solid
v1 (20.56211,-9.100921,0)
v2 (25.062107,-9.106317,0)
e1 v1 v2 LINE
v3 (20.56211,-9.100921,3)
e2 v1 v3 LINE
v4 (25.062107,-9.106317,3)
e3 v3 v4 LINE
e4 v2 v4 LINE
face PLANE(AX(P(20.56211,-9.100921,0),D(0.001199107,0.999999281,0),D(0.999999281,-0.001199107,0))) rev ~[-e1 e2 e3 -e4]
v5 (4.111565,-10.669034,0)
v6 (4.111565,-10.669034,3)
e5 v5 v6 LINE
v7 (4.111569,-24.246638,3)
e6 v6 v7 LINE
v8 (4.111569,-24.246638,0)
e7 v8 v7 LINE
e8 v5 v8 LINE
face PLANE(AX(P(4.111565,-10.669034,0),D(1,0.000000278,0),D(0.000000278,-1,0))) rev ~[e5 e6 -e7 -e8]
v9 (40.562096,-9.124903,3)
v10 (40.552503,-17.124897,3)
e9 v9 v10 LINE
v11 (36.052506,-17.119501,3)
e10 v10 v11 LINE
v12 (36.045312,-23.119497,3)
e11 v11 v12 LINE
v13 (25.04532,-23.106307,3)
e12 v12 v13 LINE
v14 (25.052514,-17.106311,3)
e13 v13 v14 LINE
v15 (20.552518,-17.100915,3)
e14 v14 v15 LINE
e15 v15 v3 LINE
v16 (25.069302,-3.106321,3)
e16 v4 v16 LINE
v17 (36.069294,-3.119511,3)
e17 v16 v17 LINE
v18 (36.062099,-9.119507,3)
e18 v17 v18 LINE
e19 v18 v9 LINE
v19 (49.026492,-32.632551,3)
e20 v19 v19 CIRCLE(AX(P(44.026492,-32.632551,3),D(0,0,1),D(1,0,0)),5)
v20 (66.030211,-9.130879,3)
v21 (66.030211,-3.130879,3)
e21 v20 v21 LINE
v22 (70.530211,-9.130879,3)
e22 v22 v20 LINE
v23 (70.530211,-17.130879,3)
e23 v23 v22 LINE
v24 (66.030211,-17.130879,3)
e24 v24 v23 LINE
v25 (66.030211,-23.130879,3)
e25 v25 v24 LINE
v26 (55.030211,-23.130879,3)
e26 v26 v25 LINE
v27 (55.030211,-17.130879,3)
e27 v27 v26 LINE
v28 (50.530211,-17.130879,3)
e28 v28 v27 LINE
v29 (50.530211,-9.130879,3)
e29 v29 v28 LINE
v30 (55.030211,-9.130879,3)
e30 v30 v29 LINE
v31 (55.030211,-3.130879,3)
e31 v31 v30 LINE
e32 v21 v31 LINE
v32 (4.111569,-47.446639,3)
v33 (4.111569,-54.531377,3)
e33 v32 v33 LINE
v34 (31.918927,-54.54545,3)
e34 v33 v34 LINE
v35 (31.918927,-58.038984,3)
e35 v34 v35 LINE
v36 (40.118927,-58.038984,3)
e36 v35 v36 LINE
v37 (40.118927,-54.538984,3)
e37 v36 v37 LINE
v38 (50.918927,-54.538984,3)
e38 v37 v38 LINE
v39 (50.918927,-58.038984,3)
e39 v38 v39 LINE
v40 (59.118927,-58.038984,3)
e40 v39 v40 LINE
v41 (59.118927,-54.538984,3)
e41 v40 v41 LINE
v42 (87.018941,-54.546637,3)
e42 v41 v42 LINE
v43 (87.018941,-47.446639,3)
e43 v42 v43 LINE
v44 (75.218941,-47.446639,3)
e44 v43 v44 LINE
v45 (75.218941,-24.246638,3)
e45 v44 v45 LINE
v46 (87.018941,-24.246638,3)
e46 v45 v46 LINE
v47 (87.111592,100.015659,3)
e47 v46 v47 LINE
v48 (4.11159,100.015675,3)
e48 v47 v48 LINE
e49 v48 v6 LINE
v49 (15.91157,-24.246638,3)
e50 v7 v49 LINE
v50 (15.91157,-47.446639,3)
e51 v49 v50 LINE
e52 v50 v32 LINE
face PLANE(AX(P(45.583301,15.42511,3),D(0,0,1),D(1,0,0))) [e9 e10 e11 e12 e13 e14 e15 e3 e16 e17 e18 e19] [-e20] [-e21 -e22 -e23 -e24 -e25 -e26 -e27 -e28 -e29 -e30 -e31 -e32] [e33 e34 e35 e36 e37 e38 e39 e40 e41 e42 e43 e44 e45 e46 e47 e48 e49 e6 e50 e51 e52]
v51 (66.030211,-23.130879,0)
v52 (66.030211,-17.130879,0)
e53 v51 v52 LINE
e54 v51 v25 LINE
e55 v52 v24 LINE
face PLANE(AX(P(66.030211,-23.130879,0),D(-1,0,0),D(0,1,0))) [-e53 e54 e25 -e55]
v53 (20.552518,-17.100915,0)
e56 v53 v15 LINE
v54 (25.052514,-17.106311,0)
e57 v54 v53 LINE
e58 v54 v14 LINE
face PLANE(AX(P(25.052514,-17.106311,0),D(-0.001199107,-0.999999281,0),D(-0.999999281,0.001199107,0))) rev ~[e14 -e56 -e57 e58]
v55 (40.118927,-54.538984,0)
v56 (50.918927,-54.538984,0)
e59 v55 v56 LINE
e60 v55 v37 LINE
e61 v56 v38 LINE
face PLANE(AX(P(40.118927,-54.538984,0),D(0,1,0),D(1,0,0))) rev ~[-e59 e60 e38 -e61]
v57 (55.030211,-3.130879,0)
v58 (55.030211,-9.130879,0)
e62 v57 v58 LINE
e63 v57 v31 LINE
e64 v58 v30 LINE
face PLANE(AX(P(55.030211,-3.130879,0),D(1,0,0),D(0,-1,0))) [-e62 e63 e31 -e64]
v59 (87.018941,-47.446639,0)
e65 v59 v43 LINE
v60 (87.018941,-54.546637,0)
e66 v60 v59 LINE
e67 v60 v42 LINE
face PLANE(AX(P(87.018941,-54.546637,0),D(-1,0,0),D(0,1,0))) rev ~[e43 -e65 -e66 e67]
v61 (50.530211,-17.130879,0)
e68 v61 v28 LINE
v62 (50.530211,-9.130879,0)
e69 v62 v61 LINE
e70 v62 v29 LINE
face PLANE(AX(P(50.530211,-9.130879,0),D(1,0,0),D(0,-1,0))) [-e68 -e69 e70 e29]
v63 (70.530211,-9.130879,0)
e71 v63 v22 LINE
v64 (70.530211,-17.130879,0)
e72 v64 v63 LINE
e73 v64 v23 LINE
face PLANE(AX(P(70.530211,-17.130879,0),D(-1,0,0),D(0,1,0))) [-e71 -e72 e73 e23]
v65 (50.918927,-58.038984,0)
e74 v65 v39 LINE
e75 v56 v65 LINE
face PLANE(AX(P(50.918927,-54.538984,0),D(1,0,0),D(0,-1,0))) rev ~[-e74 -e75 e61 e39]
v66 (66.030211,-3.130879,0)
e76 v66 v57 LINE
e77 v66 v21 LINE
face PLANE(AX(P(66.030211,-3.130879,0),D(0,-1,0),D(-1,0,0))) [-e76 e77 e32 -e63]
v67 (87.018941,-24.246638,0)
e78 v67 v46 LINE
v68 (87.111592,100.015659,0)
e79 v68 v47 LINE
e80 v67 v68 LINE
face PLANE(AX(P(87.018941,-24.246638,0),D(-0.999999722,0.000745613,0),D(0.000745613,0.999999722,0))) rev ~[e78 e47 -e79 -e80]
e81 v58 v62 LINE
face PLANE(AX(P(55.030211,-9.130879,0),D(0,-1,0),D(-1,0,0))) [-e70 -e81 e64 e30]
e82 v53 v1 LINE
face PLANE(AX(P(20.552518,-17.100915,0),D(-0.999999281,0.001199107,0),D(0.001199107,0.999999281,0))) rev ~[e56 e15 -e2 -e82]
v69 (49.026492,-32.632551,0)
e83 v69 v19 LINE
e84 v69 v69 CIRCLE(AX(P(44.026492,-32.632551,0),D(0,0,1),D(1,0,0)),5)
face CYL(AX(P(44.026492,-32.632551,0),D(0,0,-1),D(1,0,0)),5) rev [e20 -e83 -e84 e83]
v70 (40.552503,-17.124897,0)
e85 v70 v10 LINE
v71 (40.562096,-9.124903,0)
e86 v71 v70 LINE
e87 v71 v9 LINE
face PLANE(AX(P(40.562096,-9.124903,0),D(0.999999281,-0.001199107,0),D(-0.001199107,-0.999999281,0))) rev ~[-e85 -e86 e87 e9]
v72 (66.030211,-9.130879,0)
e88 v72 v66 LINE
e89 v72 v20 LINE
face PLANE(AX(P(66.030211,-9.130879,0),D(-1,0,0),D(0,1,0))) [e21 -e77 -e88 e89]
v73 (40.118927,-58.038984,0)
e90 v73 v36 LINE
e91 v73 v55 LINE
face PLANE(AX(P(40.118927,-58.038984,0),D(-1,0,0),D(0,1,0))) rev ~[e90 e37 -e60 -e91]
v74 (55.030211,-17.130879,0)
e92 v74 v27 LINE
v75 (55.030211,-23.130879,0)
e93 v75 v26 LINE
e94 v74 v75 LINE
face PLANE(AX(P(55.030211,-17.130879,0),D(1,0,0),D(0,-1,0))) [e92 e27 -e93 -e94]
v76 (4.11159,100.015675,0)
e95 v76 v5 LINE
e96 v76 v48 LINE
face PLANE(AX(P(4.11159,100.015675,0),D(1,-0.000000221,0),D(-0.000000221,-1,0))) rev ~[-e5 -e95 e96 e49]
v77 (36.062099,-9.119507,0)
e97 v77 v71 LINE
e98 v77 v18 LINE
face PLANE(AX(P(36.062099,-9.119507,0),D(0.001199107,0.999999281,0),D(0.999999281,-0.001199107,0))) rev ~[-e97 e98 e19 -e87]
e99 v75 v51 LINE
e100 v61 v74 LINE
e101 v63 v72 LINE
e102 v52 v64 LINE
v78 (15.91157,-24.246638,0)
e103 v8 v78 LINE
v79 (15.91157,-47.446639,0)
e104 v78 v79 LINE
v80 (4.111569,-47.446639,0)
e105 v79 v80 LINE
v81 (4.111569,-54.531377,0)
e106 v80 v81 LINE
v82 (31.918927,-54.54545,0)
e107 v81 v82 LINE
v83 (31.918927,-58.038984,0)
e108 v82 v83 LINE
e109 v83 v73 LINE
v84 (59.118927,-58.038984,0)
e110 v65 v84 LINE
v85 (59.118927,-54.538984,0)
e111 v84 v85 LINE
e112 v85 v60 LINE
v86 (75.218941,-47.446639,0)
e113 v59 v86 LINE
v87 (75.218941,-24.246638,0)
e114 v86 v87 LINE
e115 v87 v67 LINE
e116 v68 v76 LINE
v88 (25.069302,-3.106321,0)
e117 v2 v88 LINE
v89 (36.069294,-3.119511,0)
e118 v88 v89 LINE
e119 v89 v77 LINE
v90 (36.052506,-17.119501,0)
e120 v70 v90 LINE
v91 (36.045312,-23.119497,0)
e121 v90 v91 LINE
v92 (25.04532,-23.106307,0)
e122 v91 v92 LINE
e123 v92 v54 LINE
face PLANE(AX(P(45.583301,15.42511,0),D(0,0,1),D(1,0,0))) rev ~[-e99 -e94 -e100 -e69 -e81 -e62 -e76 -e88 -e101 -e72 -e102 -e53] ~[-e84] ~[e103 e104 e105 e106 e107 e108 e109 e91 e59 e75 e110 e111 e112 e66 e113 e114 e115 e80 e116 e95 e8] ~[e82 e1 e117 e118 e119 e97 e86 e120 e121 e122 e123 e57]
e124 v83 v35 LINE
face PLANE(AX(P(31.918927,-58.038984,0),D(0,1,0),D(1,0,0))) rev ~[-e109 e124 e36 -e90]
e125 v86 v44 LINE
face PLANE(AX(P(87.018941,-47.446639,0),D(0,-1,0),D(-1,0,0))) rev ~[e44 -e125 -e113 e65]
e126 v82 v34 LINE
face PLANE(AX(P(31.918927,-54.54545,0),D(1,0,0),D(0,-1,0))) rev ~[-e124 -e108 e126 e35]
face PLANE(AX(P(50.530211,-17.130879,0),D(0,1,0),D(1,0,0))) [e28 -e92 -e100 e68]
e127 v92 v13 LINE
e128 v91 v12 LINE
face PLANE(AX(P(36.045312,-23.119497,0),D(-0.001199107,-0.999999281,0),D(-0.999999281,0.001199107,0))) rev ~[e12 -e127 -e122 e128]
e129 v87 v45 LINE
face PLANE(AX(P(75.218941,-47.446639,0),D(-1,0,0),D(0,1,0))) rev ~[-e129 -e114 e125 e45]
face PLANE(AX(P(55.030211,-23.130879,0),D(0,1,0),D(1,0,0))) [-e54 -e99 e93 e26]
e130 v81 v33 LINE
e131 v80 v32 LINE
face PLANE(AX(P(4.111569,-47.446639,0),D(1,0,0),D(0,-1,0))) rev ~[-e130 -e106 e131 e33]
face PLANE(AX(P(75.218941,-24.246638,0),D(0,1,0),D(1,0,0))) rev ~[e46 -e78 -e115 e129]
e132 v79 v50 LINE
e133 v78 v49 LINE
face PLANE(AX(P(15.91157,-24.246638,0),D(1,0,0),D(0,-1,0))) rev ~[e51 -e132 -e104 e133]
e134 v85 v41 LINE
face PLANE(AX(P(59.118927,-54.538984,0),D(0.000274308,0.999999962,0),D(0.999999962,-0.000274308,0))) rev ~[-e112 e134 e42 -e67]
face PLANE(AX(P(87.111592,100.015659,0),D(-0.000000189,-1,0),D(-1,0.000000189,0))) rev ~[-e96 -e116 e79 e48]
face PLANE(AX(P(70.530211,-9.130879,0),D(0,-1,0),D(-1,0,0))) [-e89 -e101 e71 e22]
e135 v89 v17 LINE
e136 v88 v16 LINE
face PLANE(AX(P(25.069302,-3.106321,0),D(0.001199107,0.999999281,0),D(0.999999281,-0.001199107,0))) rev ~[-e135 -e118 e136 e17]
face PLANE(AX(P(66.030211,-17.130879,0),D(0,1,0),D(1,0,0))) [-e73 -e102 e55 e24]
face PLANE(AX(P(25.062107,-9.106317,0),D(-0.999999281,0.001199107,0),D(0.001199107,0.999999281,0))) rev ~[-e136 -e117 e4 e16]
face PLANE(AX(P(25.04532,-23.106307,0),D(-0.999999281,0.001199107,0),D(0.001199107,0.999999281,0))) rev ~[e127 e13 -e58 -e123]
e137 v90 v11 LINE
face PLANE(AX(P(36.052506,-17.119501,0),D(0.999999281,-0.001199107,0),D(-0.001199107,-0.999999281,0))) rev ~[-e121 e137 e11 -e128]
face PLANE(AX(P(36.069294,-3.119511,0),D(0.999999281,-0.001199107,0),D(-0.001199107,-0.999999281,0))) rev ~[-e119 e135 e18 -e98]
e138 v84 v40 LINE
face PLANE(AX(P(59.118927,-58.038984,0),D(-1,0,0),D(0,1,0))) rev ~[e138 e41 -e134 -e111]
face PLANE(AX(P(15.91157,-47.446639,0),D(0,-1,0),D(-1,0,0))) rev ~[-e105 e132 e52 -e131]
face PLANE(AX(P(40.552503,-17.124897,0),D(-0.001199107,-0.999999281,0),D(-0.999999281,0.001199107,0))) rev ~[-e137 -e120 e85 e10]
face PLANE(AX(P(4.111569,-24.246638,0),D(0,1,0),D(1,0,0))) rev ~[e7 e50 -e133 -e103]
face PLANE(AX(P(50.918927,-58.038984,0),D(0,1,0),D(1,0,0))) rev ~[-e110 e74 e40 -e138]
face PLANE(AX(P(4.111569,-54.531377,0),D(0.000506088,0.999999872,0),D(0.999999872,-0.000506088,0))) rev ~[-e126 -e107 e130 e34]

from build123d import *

# Parameters (mm, degrees)
MODEL_R                 = 5
SALIENTE_EXTRUIR1_DEPTH = 3


with BuildPart() as part:
    # Model → Saliente-Extruir1 (new body)
    with BuildSketch(Plane.XY):
        Polygon((4.111589817, 100.015674998), (4.111565333, -10.669034302), (4.111569102, -24.246637901), (15.911569751, -24.246637901), (15.911569751, -47.446638901), (4.111568751, -47.446638901), (4.111568751, -54.531377488), (31.918927332, -54.54545045), (31.918927332, -58.038983798), (40.118927332, -58.038983798), (40.118927332, -54.538983798), (50.918927332, -54.538983798), (50.918927332, -58.038983798), (59.118927332, -58.038983798), (59.118927332, -54.538983798), (87.018940879, -54.546637), (87.018940879, -47.446639), (75.218940879, -47.446639), (75.218940879, -24.246638), (87.018940879, -24.246638), (87.111592427, 100.015659295), align=None)
        with Locations((44.026491998, -32.632550575)):
            Circle(MODEL_R, mode=Mode.SUBTRACT)
        Polygon((25.045319697, -23.106306752), (25.052514337, -17.106311065), (20.552517572, -17.100915085), (20.562110425, -9.100920836), (25.06210719, -9.106316817), (25.06930183, -3.10632113), (36.069293922, -3.119511304), (36.062099282, -9.11950699), (40.562096047, -9.12490297), (40.552503193, -17.124897219), (36.052506429, -17.119501239), (36.045311789, -23.119496925), align=None, mode=Mode.SUBTRACT)
        Polygon((66.030211381, -23.130879389), (66.030211381, -17.130879389), (70.530211381, -17.130879389), (70.530211381, -9.130879389), (66.030211381, -9.130879389), (66.030211381, -3.130879389), (55.030211381, -3.130879389), (55.030211381, -9.130879389), (50.530211381, -9.130879389), (50.530211381, -17.130879389), (55.030211381, -17.130879389), (55.030211381, -23.130879389), align=None, mode=Mode.SUBTRACT)
    extrude(amount=SALIENTE_EXTRUIR1_DEPTH)


solid = part.part
